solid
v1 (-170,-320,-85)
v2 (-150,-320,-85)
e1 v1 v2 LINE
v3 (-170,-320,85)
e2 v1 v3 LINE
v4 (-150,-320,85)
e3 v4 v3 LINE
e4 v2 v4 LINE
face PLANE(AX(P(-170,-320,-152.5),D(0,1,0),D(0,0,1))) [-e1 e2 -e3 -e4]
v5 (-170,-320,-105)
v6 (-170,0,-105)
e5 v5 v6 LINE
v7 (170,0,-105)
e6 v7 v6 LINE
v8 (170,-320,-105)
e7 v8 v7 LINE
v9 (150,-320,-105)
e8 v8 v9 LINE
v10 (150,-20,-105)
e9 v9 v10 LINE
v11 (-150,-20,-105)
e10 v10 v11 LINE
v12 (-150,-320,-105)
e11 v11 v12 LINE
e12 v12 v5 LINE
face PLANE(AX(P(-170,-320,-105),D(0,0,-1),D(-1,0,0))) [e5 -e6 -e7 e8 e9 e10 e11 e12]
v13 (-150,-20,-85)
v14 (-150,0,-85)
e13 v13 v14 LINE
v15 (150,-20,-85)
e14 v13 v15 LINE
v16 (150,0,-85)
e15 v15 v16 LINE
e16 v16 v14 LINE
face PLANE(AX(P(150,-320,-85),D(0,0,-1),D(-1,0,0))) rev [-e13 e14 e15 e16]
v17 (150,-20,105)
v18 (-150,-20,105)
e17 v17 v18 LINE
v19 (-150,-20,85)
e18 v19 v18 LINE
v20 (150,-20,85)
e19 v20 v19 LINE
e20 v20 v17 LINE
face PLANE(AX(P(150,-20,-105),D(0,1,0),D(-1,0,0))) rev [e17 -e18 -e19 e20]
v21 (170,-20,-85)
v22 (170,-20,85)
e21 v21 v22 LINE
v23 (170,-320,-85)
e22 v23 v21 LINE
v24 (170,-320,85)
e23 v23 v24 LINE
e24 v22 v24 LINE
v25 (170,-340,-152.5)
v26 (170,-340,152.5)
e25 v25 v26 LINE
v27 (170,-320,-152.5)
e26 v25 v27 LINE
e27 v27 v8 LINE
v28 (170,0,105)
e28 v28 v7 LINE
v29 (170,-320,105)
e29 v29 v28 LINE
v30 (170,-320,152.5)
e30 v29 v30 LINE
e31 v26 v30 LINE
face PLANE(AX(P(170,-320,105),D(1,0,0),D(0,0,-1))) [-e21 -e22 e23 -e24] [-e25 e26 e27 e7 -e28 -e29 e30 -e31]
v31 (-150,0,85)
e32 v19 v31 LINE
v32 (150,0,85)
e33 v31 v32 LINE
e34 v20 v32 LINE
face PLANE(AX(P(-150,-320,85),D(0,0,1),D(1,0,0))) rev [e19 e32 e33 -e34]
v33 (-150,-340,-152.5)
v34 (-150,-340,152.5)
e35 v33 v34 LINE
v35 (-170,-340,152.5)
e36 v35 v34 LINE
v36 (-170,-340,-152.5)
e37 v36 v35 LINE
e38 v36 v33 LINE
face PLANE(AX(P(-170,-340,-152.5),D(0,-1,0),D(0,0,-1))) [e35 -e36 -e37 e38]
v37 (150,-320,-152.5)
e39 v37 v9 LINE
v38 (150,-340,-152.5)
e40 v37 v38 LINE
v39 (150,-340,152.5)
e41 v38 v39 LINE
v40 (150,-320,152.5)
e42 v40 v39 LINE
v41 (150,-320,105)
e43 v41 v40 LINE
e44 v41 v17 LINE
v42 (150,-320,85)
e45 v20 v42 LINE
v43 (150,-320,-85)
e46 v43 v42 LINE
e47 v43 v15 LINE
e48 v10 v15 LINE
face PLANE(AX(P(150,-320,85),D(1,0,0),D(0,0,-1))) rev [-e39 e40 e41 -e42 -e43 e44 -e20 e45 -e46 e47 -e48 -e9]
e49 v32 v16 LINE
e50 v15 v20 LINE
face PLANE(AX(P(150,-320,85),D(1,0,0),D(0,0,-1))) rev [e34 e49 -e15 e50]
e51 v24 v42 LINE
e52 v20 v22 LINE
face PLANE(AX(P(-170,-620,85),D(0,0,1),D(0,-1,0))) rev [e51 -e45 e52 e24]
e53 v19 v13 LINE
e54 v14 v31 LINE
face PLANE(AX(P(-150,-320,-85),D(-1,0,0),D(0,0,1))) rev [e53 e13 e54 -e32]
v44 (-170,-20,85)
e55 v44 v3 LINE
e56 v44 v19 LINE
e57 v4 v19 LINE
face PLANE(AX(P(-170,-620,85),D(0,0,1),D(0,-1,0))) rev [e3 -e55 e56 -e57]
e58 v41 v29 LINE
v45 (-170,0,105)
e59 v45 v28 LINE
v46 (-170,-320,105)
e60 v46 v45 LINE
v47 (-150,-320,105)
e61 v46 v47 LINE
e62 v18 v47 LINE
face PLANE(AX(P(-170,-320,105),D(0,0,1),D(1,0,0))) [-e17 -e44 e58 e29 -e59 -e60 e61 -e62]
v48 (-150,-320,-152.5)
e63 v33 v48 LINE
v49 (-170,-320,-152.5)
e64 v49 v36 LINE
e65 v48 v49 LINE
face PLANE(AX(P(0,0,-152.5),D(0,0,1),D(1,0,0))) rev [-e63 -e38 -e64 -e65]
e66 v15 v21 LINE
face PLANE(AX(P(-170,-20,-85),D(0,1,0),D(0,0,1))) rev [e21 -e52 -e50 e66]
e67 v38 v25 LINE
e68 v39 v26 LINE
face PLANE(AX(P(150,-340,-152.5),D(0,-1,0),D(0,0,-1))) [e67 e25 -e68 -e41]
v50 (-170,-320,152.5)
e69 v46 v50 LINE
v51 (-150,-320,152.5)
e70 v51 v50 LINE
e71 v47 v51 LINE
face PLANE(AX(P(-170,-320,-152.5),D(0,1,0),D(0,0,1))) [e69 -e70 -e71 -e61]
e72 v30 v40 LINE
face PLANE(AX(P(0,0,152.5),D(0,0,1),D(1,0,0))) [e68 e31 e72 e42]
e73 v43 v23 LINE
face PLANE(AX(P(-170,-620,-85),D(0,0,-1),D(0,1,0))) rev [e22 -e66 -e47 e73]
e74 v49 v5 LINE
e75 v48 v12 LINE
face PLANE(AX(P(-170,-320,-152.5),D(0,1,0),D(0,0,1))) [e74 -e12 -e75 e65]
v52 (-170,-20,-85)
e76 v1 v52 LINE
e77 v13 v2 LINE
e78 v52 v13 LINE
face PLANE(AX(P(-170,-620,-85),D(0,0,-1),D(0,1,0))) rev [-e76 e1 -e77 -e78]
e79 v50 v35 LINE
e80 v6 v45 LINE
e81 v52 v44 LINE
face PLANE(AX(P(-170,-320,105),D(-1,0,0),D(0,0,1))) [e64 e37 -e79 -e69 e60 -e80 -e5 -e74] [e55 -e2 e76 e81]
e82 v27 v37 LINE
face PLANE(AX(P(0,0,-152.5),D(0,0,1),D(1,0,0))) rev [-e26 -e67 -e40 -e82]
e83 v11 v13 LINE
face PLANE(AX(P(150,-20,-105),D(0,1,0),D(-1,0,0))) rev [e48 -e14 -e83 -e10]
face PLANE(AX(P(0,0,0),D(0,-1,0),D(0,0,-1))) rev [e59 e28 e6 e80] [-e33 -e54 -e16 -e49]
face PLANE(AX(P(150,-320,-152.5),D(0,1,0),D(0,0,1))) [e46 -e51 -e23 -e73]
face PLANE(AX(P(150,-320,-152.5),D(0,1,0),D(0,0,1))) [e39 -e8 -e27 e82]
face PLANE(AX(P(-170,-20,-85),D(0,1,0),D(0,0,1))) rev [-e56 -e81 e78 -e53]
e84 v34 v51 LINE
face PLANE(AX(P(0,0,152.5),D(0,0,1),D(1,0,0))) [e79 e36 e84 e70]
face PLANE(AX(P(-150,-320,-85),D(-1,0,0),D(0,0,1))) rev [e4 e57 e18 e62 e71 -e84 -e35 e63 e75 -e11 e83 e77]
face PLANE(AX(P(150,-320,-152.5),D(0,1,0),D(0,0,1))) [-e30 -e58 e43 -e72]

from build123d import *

# Parameters (mm, degrees)
SKETCH1_W                = 340
SKETCH1_H                = 210
BOSS_EXTRUDE1_DEPTH      = 320
SKETCH2_W                = 300
SKETCH2_H                = 170
CUT_EXTRUDE1_DEPTH       = 378.259857393
SKETCH3_W                = 300
SKETCH3_H                = 600
CUT_EXTRUDE2_DEPTH       = 419.807831827
SKETCH4_W                = 170
SKETCH4_H                = 600
CUT_EXTRUDE3_DEPTH       = 479.565564996
BOSS_EXTRUDE2_DEPTH      = 152.5
BOSS_EXTRUDE2_DEPTH_BACK = 152.5
SKETCH5_W                = 20
SKETCH5_H                = 20
SKETCH5_W_2              = 40
SKETCH6_W                = 20
SKETCH6_H                = 305
CUT_EXTRUDE4_DEPTH       = 403.189321091


with BuildPart() as part:
    # Sketch1 → Boss-Extrude1 (new body)
    with BuildSketch(Plane(origin=(0, 0, 0), x_dir=(1, 0, 0), z_dir=(0, 1, 0))):
        Rectangle(SKETCH1_W, SKETCH1_H)
    extrude(amount=-BOSS_EXTRUDE1_DEPTH)

    # Sketch2 → Cut-Extrude1 (cut, through all)
    with BuildSketch(Plane(origin=(0, 0, 0), x_dir=(1, 0, 0), z_dir=(0, 1, 0))):
        Rectangle(SKETCH2_W, SKETCH2_H)
    extrude(amount=-CUT_EXTRUDE1_DEPTH, mode=Mode.SUBTRACT)

    # Sketch3 → Cut-Extrude2 (cut, through all)
    with BuildSketch(Plane.XY.offset(105)):
        with Locations((0, -320)):
            Rectangle(SKETCH3_W, SKETCH3_H)
    extrude(amount=-CUT_EXTRUDE2_DEPTH, mode=Mode.SUBTRACT)

    # Sketch4 → Cut-Extrude3 (cut, through all)
    with BuildSketch(Plane(origin=(170, 0, 0), x_dir=(0, 0, -1), z_dir=(1, 0, 0))):
        with Locations((0, -320)):
            Rectangle(SKETCH4_W, SKETCH4_H)
    extrude(amount=-CUT_EXTRUDE3_DEPTH, mode=Mode.SUBTRACT)

    # Sketch5 → Boss-Extrude2 (add, two sides: drawn at the far end of the back side and taken through both)
    with BuildSketch(Plane.XY.offset(-BOSS_EXTRUDE2_DEPTH_BACK)):
        with Locations((-160, -330)):
            Rectangle(SKETCH5_W, SKETCH5_H)
        with Locations((170, -330)):
            Rectangle(SKETCH5_W_2, SKETCH5_H)
    extrude(amount=BOSS_EXTRUDE2_DEPTH + BOSS_EXTRUDE2_DEPTH_BACK)

    # Sketch6 → Cut-Extrude4 (cut, through all)
    with BuildSketch(Plane(origin=(0, -320, 0), x_dir=(1, 0, 0), z_dir=(0, 1, 0))):
        with Locations((180, 0)):
            Rectangle(SKETCH6_W, SKETCH6_H)
    extrude(amount=-CUT_EXTRUDE4_DEPTH, mode=Mode.SUBTRACT)


solid = part.part
